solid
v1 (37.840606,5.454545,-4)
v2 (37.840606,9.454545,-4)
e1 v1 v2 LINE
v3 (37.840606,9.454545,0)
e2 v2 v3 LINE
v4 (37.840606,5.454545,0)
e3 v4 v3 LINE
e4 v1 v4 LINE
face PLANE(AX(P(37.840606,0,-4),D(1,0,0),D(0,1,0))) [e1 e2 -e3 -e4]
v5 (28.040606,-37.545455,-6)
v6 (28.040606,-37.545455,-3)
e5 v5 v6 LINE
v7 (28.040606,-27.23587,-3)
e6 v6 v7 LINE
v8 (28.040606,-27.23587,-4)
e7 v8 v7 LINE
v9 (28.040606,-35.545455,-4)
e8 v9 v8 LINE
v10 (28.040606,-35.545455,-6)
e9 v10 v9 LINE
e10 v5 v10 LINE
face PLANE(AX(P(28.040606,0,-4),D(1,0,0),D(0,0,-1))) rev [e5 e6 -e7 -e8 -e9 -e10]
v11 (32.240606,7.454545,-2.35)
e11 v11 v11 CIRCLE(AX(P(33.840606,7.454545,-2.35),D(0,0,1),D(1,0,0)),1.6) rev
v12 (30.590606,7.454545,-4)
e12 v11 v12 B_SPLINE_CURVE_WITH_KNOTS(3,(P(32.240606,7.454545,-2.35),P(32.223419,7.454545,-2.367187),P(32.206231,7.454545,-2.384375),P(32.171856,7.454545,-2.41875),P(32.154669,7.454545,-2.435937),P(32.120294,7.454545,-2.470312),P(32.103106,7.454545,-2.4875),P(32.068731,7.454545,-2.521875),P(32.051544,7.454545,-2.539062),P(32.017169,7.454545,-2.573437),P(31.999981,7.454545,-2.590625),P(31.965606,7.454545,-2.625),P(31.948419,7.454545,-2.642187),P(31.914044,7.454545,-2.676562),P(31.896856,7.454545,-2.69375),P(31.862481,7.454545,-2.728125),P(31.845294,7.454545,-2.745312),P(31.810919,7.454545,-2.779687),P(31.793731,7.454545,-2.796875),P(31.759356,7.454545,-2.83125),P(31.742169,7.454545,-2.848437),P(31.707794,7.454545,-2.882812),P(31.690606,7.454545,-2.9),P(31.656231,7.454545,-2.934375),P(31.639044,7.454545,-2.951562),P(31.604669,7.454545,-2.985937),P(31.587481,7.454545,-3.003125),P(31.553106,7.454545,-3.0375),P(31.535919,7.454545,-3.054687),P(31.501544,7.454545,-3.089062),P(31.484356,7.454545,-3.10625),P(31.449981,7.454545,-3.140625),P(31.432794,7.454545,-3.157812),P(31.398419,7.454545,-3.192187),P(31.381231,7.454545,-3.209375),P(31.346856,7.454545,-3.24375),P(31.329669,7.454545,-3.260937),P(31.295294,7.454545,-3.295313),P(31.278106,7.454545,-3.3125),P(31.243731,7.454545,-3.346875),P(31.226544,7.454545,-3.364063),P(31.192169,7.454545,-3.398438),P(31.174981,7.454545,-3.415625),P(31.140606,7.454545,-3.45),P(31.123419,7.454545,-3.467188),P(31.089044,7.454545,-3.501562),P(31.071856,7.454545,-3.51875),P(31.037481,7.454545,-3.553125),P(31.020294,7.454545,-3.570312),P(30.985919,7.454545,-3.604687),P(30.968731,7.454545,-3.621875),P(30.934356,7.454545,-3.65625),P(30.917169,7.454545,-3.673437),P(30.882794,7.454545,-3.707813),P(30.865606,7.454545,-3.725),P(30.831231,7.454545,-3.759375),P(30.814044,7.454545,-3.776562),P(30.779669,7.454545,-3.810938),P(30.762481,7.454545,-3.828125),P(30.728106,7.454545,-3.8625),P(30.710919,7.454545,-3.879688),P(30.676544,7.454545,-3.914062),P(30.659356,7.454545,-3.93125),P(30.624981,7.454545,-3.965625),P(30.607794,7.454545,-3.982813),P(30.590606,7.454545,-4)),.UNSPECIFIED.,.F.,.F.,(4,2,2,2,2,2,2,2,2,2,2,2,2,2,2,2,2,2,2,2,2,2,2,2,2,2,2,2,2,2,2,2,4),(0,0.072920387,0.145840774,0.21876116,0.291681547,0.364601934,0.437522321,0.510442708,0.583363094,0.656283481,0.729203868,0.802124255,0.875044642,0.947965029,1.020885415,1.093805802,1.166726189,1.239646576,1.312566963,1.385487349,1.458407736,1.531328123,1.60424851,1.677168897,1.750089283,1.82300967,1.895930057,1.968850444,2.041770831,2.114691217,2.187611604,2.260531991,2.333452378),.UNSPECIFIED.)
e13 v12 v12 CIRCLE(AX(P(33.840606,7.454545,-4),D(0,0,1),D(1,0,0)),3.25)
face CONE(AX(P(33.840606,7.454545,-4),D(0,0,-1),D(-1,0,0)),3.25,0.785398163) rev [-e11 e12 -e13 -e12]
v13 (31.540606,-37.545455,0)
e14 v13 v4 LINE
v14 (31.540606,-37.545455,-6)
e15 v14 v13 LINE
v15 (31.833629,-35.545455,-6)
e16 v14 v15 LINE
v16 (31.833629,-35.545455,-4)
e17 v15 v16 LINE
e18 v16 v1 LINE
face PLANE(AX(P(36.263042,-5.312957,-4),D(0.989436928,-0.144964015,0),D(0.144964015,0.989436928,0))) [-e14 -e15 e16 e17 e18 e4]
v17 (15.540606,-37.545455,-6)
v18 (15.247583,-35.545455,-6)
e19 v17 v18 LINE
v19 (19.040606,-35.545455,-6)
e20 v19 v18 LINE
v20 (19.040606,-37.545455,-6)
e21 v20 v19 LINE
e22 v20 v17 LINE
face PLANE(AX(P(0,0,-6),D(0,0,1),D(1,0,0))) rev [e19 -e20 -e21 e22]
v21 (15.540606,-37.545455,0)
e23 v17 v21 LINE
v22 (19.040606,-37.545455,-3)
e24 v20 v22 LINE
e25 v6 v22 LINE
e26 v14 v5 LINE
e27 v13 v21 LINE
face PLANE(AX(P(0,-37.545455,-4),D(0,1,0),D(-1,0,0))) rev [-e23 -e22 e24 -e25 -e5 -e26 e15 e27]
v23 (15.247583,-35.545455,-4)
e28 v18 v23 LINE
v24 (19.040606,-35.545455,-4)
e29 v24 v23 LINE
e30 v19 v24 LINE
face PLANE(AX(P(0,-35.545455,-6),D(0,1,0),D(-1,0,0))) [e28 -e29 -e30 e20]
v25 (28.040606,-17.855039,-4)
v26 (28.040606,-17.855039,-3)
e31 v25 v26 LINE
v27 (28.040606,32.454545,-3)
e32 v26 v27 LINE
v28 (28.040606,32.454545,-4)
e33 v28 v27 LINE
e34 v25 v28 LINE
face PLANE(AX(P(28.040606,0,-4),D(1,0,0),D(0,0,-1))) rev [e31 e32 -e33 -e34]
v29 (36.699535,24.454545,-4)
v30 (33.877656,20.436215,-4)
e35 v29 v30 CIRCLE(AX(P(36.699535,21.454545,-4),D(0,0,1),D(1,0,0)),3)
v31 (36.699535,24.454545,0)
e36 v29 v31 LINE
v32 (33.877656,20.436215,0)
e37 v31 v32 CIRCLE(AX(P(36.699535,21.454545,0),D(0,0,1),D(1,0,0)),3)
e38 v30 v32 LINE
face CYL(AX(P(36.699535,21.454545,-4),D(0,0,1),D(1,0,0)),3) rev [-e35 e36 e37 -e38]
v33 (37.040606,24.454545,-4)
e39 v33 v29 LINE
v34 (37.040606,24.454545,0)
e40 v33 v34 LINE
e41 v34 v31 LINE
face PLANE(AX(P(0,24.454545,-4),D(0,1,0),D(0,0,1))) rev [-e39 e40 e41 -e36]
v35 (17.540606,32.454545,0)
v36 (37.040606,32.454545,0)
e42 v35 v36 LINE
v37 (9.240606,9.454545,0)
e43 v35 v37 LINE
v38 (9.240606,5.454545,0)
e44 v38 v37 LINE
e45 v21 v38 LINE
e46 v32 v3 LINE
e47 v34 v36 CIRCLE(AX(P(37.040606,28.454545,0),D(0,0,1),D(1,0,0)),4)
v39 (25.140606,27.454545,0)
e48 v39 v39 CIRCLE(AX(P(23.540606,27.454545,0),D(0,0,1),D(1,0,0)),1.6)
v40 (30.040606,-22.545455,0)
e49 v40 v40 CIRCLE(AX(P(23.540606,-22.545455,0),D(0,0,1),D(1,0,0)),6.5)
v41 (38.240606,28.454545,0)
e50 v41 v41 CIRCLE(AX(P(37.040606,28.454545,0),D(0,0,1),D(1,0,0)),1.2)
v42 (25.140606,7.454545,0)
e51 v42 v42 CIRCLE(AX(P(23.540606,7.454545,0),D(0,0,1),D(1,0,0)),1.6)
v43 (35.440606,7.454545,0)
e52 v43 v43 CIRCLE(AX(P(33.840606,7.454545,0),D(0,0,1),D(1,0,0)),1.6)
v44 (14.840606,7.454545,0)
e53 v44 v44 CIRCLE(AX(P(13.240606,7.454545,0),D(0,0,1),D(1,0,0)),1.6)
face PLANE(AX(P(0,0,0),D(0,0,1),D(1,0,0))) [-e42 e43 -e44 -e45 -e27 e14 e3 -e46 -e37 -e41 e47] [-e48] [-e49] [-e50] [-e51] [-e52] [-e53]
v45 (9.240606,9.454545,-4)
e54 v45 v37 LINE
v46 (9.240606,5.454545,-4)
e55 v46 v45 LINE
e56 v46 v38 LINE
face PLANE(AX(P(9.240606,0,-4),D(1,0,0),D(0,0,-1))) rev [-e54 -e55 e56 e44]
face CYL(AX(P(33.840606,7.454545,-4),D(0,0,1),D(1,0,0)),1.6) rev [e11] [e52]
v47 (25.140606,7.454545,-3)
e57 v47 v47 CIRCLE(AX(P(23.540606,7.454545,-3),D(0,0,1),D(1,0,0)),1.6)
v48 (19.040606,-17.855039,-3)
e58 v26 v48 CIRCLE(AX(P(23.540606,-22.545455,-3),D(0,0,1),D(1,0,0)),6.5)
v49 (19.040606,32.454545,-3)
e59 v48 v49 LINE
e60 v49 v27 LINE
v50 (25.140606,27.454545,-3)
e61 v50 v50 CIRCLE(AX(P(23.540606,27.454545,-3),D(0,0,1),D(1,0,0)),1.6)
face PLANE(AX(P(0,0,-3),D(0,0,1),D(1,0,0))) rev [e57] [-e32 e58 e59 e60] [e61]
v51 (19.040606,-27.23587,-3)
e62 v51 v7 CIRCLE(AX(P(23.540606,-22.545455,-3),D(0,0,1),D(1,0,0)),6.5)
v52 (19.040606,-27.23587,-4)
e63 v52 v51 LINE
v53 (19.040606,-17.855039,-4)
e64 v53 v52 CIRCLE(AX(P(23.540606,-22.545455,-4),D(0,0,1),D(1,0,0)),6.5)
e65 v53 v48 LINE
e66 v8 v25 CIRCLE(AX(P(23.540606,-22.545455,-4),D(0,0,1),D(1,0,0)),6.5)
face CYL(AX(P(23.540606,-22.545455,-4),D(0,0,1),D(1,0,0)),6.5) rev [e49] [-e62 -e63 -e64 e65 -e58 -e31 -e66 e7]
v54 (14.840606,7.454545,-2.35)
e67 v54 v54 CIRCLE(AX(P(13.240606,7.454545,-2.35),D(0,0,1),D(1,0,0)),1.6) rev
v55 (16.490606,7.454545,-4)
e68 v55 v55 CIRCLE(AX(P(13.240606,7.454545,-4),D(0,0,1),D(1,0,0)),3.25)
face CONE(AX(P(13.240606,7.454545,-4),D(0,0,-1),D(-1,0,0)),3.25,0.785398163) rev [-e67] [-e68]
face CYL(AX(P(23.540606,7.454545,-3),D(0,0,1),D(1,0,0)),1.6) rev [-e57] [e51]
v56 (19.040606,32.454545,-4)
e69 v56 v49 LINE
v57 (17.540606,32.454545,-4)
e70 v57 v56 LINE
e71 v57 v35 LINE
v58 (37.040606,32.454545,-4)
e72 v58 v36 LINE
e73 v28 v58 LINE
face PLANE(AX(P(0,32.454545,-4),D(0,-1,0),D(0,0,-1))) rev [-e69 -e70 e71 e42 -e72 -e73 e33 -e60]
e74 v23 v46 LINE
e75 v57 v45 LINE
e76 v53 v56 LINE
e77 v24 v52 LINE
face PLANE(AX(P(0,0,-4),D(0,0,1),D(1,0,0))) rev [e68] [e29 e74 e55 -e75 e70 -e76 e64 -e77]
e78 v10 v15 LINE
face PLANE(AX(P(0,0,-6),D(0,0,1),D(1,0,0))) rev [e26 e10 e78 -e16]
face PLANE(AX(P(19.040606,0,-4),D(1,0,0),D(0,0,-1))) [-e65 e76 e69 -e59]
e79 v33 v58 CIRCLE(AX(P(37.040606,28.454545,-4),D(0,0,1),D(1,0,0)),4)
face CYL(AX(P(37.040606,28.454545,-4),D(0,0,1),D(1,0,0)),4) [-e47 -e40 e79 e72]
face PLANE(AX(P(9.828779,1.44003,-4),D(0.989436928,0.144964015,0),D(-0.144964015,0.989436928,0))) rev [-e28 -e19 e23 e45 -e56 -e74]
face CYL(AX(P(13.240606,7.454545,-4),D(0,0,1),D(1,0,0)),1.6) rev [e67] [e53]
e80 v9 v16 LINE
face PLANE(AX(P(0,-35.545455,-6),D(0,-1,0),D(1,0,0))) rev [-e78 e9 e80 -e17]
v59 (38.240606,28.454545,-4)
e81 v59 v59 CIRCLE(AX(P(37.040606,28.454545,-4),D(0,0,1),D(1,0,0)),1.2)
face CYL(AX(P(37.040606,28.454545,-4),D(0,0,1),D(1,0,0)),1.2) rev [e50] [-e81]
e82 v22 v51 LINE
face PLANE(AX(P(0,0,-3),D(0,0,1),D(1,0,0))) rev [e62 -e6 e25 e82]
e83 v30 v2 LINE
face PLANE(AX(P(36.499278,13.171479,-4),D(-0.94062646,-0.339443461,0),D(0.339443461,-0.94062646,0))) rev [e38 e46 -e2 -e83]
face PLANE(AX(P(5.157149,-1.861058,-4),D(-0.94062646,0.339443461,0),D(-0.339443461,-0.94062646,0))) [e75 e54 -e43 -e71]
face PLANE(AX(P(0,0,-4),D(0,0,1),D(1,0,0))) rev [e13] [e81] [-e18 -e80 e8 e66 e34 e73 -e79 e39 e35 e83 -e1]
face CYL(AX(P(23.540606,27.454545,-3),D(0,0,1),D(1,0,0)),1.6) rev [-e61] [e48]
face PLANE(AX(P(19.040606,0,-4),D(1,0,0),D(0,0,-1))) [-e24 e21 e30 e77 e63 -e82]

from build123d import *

# Parameters (mm, degrees)
MODEL_R           = 1.2
MODEL_R_2         = 1.6
EXTRUDE_4_DEPTH   = 4
EXTRUDE_4_2_DEPTH = 4
MODEL_7_R         = 1.6
EXTRUDE_5_DEPTH   = 3
EXTRUDE_6_DEPTH   = 6
CHAMFER_2_SIZE    = 1.65


with BuildPart() as part:
    # Model → 凸台-拉伸4 (new body)
    with BuildSketch(Plane.XY):
        with BuildLine():
            Line((36.699535099, 24.454545455), (37.040606061, 24.454545455))
            ThreePointArc((37.040606061, 24.454545455), (41.040606061, 28.454545455), (37.040606061, 32.454545455))
            Line((37.040606061, 32.454545455), (28.040606061, 32.454545455))
            Line((28.040606061, 32.454545455), (28.040606061, -17.855038786))
            ThreePointArc((28.040606061, -17.855038786), (30.040606061, -22.545454545), (28.040606061, -27.235870305))
            Line((28.040606061, -27.235870305), (28.040606061, -37.545454545))
            Line((28.040606061, -37.545454545), (31.540606061, -37.545454545))
            Line((31.540606061, -37.545454545), (37.840606061, 5.454545455))
            Line((37.840606061, 5.454545455), (37.840606061, 9.454545455))
            Line((37.840606061, 9.454545455), (33.877655721, 20.43621507))
            ThreePointArc((33.877655721, 20.43621507), (34.244439261, 23.178640702), (36.699535099, 24.454545455))
        make_face()
        with Locations((37.040606061, 28.454545455)):
            Circle(MODEL_R, mode=Mode.SUBTRACT)
        with Locations((33.840606061, 7.454545455)):
            Circle(MODEL_R_2, mode=Mode.SUBTRACT)
    extrude(amount=-EXTRUDE_4_DEPTH)



with BuildPart() as body_2:
    # Model → Extrude 4 2 (new body)
    with BuildSketch(Plane.XY):
        with BuildLine():
            Line((19.040606061, -17.855038786), (19.040606061, 32.454545455))
            Line((19.040606061, 32.454545455), (17.540606061, 32.454545455))
            Line((17.540606061, 32.454545455), (9.240606061, 9.454545455))
            Line((9.240606061, 9.454545455), (9.240606061, 5.454545455))
            Line((9.240606061, 5.454545455), (15.540606061, -37.545454545))
            Line((15.540606061, -37.545454545), (19.040606061, -37.545454545))
            Line((19.040606061, -37.545454545), (19.040606061, -27.235870305))
            ThreePointArc((19.040606061, -27.235870305), (17.040606061, -22.545454545), (19.040606061, -17.855038786))
        make_face()
        with Locations((13.240606061, 7.454545455)):
            Circle(MODEL_R_2, mode=Mode.SUBTRACT)
    extrude(amount=-EXTRUDE_4_2_DEPTH)


with BuildPart() as part_1:
    add(part.part)

    add(body_2.part)  # 凸台-拉伸5 merges body 2
    # Model<7> → 凸台-拉伸5 (add)
    # profile 1 of 2: a face of its own
    with BuildSketch(Plane.XY):
        with BuildLine():
            Line((28.040606061, -17.855038786), (28.040606061, 32.454545455))
            Line((28.040606061, 32.454545455), (19.040606061, 32.454545455))
            Line((19.040606061, 32.454545455), (19.040606061, -17.855038786))
            ThreePointArc((19.040606061, -17.855038786), (23.540606061, -16.045454545), (28.040606061, -17.855038786))
        make_face()
        with Locations((23.540606061, 7.454545455)):
            Circle(MODEL_7_R, mode=Mode.SUBTRACT)
        with Locations((23.540606061, 27.454545455)):
            Circle(MODEL_7_R, mode=Mode.SUBTRACT)
    # profile 2 of 2: a face of its own
    with BuildSketch(Plane.XY):
        with BuildLine():
            Line((28.040606061, -37.545454545), (28.040606061, -27.235870305))
            ThreePointArc((28.040606061, -27.235870305), (23.540606061, -29.045454545), (19.040606061, -27.235870305))
            Line((19.040606061, -27.235870305), (19.040606061, -37.545454545))
            Line((19.040606061, -37.545454545), (28.040606061, -37.545454545))
        make_face()
    extrude(amount=-EXTRUDE_5_DEPTH)

    # Model<8> → 凸台-拉伸6 (add)
    with BuildSketch(Plane.XY):
        Polygon((31.540606061, -37.545454545), (31.833629316, -35.545454545), (28.04060606, -35.545454545), (28.040606061, -37.545454545), align=None)
        Polygon((19.040606061, -37.545454545), (19.040606061, -35.545454545), (15.247582805, -35.545454545), (15.540606061, -37.545454545), align=None)
    extrude(amount=-EXTRUDE_6_DEPTH)

    # 倒角2
    chamfer_2_edges = [part_1.edges().sort_by_distance(p)[0] for p in [
        (11.640606061, 7.454545455, -4),
        (32.240606061, 7.454545455, -4),
    ]]
    chamfer(chamfer_2_edges, length=CHAMFER_2_SIZE)


solid = part_1.part
